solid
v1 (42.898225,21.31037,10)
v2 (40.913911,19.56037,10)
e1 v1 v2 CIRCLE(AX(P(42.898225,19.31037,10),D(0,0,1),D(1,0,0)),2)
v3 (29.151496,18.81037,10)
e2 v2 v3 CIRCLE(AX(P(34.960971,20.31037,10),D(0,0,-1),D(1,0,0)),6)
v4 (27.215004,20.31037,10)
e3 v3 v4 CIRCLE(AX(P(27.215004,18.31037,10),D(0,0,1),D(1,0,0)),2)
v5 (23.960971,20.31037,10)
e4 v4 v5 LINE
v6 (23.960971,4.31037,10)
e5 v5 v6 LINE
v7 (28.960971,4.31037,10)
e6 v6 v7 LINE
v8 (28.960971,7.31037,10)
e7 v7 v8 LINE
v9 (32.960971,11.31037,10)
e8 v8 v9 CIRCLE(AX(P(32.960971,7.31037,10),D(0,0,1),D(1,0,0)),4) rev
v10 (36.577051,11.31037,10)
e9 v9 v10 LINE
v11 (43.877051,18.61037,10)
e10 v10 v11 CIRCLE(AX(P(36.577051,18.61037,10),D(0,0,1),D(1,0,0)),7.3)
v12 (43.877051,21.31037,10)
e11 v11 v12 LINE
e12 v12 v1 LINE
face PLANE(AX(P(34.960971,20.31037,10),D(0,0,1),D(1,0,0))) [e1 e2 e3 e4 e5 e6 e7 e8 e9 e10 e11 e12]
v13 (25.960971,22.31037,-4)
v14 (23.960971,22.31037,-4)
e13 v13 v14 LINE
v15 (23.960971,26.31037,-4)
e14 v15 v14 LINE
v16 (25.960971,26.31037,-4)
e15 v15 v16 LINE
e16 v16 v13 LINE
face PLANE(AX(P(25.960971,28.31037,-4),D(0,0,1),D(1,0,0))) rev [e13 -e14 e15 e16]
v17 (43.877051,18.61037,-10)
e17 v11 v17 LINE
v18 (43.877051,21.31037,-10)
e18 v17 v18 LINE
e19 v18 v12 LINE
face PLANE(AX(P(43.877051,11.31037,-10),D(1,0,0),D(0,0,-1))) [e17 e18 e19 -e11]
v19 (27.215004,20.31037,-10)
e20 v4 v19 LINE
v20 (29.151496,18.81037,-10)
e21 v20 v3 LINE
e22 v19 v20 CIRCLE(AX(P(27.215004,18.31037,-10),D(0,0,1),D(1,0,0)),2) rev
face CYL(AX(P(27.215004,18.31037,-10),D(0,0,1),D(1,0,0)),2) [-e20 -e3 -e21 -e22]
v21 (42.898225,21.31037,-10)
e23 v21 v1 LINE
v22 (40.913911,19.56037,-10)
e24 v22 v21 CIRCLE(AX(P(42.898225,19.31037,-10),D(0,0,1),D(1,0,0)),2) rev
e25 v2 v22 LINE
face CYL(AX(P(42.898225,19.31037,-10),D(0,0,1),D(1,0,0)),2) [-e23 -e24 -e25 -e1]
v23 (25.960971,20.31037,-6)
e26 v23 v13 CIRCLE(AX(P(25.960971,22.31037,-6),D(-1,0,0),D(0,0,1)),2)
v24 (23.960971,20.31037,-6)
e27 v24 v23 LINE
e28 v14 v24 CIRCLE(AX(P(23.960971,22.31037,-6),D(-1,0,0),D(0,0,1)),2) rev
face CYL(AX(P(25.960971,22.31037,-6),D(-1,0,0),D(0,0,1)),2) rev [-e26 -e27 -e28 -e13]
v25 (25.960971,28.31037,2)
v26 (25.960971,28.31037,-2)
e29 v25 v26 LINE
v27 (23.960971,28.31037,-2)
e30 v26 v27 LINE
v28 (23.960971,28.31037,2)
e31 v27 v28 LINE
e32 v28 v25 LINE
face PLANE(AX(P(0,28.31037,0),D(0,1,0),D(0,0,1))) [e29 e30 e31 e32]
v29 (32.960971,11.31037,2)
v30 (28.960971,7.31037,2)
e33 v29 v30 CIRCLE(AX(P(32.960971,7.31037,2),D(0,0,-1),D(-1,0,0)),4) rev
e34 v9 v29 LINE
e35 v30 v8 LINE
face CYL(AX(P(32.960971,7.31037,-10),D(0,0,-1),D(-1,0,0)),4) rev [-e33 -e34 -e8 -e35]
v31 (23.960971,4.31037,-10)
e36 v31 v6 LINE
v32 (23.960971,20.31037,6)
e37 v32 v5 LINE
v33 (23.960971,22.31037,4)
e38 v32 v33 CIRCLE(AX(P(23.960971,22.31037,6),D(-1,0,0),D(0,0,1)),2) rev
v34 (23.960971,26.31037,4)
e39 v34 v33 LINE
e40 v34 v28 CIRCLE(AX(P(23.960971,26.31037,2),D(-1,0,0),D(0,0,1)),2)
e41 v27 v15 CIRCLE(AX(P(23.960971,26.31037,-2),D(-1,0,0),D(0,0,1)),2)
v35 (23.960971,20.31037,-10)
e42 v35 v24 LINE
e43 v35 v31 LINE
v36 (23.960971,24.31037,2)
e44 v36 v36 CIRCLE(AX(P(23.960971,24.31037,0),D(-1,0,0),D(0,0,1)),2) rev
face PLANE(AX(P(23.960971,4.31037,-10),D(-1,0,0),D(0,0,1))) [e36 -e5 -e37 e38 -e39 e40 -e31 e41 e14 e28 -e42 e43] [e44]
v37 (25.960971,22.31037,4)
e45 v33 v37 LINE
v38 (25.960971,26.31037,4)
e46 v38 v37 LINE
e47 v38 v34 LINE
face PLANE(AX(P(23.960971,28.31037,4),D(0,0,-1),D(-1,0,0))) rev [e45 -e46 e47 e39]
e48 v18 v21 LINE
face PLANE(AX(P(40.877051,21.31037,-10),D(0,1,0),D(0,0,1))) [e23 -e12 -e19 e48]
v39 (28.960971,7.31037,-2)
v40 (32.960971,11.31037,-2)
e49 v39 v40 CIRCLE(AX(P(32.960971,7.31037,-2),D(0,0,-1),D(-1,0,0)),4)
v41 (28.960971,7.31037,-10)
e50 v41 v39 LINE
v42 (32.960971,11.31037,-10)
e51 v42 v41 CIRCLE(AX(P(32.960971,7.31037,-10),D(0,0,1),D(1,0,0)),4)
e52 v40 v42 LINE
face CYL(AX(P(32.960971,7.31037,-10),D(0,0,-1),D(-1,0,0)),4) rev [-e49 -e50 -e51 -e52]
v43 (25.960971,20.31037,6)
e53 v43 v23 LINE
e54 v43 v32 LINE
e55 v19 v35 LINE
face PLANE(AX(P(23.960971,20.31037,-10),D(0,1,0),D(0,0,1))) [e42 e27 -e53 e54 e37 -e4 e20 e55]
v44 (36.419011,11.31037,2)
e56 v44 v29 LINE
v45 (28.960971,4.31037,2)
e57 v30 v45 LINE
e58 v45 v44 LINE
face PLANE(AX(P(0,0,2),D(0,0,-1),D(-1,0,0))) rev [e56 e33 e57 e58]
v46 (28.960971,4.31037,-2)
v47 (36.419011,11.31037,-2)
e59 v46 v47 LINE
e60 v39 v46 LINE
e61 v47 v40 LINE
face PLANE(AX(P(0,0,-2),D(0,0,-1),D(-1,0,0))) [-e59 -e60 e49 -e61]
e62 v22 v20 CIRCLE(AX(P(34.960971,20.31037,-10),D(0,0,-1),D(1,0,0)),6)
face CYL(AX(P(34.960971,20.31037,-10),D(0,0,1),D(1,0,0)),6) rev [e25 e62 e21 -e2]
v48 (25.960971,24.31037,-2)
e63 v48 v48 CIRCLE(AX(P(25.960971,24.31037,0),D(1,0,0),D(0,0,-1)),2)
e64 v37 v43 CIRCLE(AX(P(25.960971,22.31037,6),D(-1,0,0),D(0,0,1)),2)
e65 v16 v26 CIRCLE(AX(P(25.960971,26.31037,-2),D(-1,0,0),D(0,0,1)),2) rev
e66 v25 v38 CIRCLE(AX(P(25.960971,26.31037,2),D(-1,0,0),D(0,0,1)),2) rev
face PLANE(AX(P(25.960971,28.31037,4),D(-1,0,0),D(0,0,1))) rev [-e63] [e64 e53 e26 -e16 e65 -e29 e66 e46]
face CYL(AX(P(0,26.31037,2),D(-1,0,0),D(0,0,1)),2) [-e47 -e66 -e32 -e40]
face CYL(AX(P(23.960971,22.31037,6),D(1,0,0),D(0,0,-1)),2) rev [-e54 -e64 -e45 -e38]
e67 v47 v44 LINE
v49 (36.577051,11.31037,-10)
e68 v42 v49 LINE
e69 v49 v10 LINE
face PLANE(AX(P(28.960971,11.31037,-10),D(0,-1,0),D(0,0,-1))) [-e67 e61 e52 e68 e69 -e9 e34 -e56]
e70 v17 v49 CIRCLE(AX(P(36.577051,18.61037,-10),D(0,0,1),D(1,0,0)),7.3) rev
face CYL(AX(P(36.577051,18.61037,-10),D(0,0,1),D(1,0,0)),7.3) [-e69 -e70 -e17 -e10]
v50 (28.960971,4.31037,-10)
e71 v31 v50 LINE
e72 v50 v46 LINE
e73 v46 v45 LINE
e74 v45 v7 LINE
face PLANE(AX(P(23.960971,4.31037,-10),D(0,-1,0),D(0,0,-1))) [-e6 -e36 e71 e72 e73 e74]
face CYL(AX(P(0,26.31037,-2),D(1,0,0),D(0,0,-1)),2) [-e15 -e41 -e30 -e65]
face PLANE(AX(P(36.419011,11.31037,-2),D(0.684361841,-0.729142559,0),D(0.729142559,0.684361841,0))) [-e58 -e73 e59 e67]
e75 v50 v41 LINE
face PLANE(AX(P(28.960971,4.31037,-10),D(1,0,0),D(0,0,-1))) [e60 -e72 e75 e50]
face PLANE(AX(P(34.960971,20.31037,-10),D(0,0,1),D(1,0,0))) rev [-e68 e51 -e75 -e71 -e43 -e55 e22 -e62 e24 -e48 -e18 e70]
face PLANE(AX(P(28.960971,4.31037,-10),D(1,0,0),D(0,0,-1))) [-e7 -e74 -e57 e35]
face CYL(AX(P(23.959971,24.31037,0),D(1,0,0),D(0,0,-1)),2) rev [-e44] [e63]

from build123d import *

# Parameters (mm, degrees)
SALIENTE_EXTRUIR1_DEPTH      = 10
SALIENTE_EXTRUIR1_DEPTH_BACK = 10
SALIENTE_EXTRUIR2_DEPTH      = 2
SALIENTE_EXTRUIR2_DEPTH_BACK = 2
REDONDEO1_R                  = 4
REDONDEO4_R                  = 7.3
REDONDEO2_R                  = 2
CROQUIS4_W                   = 2
CROQUIS4_H                   = 8
SALIENTE_EXTRUIR3_DEPTH      = 8
REDONDEO3_R                  = 2
CORTAR_EXTRUIR1_REACH        = 36.964
CROQUIS5_R                   = 2


with BuildPart() as part:
    # Croquis2 → Saliente-Extruir1 (new, two sides: drawn at the far end of the back side and taken through both)
    with BuildSketch(Plane.XY.offset(-SALIENTE_EXTRUIR1_DEPTH_BACK)):
        with BuildLine():
            Line((23.96097083, 4.310370238), (23.96097083, 20.310370238))
            Line((23.96097083, 20.310370238), (28.96097083, 20.310370238))
            ThreePointArc((28.96097083, 20.310370238), (35.462728392, 14.331387102), (40.877050613, 21.310370238))
            Line((40.877050613, 21.310370238), (43.877050613, 21.310370238))
            Line((43.877050613, 21.310370238), (43.877050613, 11.310370238))
            Line((43.877050613, 11.310370238), (28.96097083, 11.310370238))
            Line((28.96097083, 11.310370238), (28.96097083, 4.310370238))
            Line((28.96097083, 4.310370238), (23.96097083, 4.310370238))
        make_face()
    extrude(amount=SALIENTE_EXTRUIR1_DEPTH + SALIENTE_EXTRUIR1_DEPTH_BACK)

    # Croquis3 → Saliente-Extruir2 (add, two sides: drawn at the far end of the back side and taken through both)
    with BuildSketch(Plane.XY.offset(-SALIENTE_EXTRUIR2_DEPTH_BACK)):
        Polygon((28.96097083, 4.310370238), (28.96097083, 11.310370238), (36.419010722, 11.310370238), align=None)
    extrude(amount=SALIENTE_EXTRUIR2_DEPTH + SALIENTE_EXTRUIR2_DEPTH_BACK)

    # Redondeo1
    redondeo1_edges = [part.edges().sort_by_distance(p)[0] for p in [
        (28.96097083, 11.310370238, -6),
        (28.96097083, 11.310370238, 6),
    ]]
    fillet(redondeo1_edges, radius=REDONDEO1_R)

    # Redondeo4
    redondeo4_edges = [part.edges().sort_by_distance(p)[0] for p in [
        (43.877050613, 11.310370238, 0),
    ]]
    fillet(redondeo4_edges, radius=REDONDEO4_R)

    # Redondeo2
    redondeo2_edges = [part.edges().sort_by_distance(p)[0] for p in [
        (28.96097083, 20.310370238, 0),
        (40.877050613, 21.310370238, 0),
    ]]
    fillet(redondeo2_edges, radius=REDONDEO2_R)

    # Croquis4 → Saliente-Extruir3 (add)
    with BuildSketch(Plane(origin=(0, 20.310370238, 0), x_dir=(1, 0, 0), z_dir=(0, 1, 0))):
        with Locations((24.96097083, 0)):
            Rectangle(CROQUIS4_W, CROQUIS4_H)
    extrude(amount=SALIENTE_EXTRUIR3_DEPTH)

    # Redondeo3
    redondeo3_edges = [part.edges().sort_by_distance(p)[0] for p in [
        (24.96097083, 28.310370238, 4),
        (24.96097083, 28.310370238, -4),
        (24.96097083, 20.310370238, -4),
        (24.96097083, 20.310370238, 4),
    ]]
    fillet(redondeo3_edges, radius=REDONDEO3_R)

    # Croquis5 → Cortar-Extruir1 (cut, up to next)
    with BuildSketch(Plane(origin=(25.96097083, 0, 0), x_dir=(0, 0, -1), z_dir=(1, 0, 0)), mode=Mode.PRIVATE) as cortar_extruir1_sk1:
        with Locations((0, 24.310370238)):
            Circle(CROQUIS5_R)
    cortar_extruir1_tool1 = extrude(cortar_extruir1_sk1.sketch, amount=-CORTAR_EXTRUIR1_REACH, mode=Mode.PRIVATE) & part.part
    add(cortar_extruir1_tool1.solids().sort_by_distance((25.960971, 24.31037, 0))[0], mode=Mode.SUBTRACT)


solid = part.part
